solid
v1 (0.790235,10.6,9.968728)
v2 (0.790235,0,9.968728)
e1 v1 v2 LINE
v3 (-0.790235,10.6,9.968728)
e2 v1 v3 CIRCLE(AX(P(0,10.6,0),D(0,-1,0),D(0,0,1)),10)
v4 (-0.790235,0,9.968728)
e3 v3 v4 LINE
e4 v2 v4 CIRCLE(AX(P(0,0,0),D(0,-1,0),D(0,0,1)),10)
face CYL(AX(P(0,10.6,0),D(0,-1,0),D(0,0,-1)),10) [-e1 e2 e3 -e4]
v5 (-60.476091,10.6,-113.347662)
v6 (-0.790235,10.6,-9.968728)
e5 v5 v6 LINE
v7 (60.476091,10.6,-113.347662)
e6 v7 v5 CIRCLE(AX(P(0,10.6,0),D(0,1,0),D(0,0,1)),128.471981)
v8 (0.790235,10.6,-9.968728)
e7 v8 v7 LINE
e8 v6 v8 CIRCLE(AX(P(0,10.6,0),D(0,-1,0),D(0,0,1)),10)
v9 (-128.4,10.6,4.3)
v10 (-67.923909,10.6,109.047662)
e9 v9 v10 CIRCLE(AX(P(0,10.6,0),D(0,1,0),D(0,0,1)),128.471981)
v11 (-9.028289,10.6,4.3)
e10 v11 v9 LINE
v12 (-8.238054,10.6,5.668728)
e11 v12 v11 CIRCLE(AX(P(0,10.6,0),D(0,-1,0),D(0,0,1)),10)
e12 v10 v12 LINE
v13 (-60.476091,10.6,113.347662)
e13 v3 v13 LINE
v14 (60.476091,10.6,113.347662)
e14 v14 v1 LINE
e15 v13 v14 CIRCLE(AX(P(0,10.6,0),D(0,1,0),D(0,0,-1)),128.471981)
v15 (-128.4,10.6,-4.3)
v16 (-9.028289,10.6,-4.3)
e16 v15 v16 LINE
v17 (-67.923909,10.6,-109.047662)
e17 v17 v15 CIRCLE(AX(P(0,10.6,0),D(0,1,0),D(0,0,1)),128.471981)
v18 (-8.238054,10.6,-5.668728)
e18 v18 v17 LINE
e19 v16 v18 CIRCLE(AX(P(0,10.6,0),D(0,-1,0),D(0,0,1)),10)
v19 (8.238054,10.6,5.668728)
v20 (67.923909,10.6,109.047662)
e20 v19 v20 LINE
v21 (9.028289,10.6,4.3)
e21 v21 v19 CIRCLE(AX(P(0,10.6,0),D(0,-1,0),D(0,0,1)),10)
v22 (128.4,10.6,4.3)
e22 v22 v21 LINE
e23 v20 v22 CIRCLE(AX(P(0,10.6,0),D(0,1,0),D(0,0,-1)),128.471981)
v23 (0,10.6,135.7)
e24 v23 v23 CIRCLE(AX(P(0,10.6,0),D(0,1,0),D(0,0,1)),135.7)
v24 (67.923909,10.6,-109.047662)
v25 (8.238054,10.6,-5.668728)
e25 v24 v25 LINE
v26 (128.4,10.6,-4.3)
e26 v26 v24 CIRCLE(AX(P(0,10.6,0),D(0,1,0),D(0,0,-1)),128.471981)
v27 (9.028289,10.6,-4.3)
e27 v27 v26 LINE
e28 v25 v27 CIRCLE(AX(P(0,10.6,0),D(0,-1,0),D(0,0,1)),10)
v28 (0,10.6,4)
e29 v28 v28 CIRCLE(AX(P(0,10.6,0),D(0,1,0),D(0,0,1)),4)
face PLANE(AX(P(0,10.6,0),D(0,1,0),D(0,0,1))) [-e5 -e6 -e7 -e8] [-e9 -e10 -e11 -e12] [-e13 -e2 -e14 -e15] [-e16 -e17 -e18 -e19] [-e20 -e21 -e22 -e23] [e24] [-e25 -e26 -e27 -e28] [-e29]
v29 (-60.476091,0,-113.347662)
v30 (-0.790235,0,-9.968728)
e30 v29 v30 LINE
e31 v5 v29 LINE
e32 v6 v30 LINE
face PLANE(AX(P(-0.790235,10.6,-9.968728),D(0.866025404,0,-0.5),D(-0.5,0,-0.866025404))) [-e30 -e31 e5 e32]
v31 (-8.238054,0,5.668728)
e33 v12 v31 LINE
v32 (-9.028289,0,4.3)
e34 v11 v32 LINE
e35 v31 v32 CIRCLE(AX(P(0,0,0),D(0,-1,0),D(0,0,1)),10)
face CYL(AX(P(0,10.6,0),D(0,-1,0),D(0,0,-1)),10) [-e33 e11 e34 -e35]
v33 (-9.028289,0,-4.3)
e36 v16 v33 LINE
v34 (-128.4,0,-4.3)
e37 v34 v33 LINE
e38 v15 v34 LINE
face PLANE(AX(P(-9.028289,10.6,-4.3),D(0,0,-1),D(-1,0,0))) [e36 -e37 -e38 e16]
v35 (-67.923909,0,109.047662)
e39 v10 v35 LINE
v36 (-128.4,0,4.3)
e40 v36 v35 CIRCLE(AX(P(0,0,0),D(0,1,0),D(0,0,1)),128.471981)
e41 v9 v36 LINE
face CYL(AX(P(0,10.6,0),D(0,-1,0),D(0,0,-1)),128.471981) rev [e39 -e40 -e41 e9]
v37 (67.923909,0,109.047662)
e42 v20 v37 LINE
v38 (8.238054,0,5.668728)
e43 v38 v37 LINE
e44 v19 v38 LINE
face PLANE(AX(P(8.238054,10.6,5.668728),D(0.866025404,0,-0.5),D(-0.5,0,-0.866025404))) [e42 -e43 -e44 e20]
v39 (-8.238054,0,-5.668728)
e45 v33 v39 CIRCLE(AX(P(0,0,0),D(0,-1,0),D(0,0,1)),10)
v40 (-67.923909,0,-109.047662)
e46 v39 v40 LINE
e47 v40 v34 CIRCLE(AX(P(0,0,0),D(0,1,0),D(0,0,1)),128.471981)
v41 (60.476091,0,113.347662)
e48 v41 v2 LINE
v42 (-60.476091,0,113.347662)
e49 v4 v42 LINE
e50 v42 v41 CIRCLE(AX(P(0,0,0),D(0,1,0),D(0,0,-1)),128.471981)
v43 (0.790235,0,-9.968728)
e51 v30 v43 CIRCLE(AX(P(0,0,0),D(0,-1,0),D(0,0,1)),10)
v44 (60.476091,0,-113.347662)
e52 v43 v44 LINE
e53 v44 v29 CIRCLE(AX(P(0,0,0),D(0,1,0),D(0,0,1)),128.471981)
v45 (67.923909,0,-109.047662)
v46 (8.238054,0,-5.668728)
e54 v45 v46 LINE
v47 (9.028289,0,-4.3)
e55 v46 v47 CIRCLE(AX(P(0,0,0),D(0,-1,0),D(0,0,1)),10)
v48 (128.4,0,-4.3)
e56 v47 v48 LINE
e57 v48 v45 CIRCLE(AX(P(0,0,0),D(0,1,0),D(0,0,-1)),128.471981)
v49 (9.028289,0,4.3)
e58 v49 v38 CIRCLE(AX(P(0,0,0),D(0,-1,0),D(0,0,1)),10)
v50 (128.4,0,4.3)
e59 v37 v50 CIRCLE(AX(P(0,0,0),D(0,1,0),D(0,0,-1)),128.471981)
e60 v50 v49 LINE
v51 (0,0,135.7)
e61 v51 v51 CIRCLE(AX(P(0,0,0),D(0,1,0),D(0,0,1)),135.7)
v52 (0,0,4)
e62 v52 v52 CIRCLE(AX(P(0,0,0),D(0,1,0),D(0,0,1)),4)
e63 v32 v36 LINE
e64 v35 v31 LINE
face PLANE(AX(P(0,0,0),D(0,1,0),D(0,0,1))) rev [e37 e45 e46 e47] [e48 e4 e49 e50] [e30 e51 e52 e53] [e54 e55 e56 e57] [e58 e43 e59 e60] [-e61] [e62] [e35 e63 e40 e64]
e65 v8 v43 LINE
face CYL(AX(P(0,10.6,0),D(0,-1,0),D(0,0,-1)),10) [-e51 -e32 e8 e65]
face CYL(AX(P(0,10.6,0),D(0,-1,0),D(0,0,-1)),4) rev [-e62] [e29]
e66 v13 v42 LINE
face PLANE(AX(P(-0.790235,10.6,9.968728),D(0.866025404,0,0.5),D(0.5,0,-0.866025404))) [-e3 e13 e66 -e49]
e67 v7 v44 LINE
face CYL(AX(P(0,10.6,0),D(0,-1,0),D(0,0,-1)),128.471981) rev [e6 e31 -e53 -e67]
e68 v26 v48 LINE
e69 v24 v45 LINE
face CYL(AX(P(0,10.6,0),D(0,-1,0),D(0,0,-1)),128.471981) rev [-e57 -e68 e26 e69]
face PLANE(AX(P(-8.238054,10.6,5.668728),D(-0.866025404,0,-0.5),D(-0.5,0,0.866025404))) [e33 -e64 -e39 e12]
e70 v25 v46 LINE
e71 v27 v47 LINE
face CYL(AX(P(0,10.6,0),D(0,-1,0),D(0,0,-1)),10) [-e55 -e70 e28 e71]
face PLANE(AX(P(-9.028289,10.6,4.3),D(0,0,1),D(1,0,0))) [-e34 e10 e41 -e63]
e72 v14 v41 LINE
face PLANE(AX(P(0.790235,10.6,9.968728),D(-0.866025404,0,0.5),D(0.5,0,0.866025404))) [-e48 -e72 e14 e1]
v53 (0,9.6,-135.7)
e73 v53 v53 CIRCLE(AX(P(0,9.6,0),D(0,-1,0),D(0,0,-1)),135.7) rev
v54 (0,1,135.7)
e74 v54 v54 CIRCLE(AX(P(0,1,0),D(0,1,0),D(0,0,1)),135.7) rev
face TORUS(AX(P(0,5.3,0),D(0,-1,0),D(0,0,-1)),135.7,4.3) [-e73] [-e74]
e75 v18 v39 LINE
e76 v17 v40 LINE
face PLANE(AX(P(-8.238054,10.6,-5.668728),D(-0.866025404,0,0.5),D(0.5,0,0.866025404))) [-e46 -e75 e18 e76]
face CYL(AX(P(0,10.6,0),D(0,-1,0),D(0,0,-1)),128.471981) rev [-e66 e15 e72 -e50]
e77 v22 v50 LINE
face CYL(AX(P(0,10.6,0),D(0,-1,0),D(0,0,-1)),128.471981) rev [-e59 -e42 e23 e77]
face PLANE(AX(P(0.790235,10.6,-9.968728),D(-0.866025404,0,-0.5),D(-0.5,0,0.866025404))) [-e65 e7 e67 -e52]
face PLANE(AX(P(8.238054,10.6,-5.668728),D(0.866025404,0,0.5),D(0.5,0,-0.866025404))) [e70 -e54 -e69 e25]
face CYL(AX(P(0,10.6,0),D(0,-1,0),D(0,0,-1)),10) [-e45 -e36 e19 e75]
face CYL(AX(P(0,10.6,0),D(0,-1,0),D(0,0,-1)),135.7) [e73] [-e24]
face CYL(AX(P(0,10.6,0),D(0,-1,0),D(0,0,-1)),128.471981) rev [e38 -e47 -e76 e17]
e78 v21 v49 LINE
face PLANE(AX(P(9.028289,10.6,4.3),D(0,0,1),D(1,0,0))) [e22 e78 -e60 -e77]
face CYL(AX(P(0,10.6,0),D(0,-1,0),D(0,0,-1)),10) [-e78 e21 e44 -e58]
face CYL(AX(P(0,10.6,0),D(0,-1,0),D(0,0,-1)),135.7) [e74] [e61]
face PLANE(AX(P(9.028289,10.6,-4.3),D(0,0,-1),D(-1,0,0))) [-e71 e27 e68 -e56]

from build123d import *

# Parameters (mm, degrees)
SKETCH1_R           = 135.7
SKETCH1_R_2         = 4
BOSS_EXTRUDE1_DEPTH = 10.6
SKETCH3_R           = 4.3
SKETCH5_R           = 4.3


with BuildPart() as part:
    # Sketch1 → Boss-Extrude1 (new body)
    with BuildSketch(Plane(origin=(0, 0, 0), x_dir=(1, 0, 0), z_dir=(0, 1, 0))):
        with Locations(Location((0, 0, 0), (0, 0, 270))):
            Circle(SKETCH1_R)
        with Locations(Location((0, 0, 0), (0, 0, 270))):
            Circle(SKETCH1_R_2, mode=Mode.SUBTRACT)
        with BuildLine():
            Line((-9.028288874, 4.3), (-128.4, 4.3))
            ThreePointArc((-128.4, 4.3), (-111.259999551, 64.235990691), (-67.923909236, 109.047661846))
            Line((-67.923909236, 109.047661846), (-8.238053673, 5.668727518))
            ThreePointArc((-8.238053673, 5.668727518), (-8.660254038, 5), (-9.028288874, 4.3))
        make_face(mode=Mode.SUBTRACT)
        with BuildLine():
            Line((-9.028288874, -4.3), (-128.4, -4.3))
            ThreePointArc((-128.4, -4.3), (-111.259999551, -64.235990691), (-67.923909236, -109.047661846))
            Line((-67.923909236, -109.047661846), (-8.238053673, -5.668727518))
            ThreePointArc((-8.238053673, -5.668727518), (-8.660254038, -5), (-9.028288874, -4.3))
        make_face(mode=Mode.SUBTRACT)
        with BuildLine():
            Line((-0.790235201, 9.968727518), (-60.476090764, 113.347661846))
            ThreePointArc((-60.476090764, 113.347661846), (0, 128.471981381), (60.476090764, 113.347661846))
            Line((60.476090764, 113.347661846), (0.790235201, 9.968727518))
            ThreePointArc((0.790235201, 9.968727518), (0, 10), (-0.790235201, 9.968727518))
        make_face(mode=Mode.SUBTRACT)
        with BuildLine():
            Line((8.238053673, 5.668727518), (67.923909236, 109.047661846))
            ThreePointArc((67.923909236, 109.047661846), (111.259999551, 64.235990691), (128.4, 4.3))
            Line((128.4, 4.3), (9.028288874, 4.3))
            ThreePointArc((9.028288874, 4.3), (8.660254038, 5), (8.238053673, 5.668727518))
        make_face(mode=Mode.SUBTRACT)
        with BuildLine():
            Line((9.028288874, -4.3), (128.4, -4.3))
            ThreePointArc((128.4, -4.3), (111.259999551, -64.235990691), (67.923909236, -109.047661846))
            Line((67.923909236, -109.047661846), (8.238053673, -5.668727518))
            ThreePointArc((8.238053673, -5.668727518), (8.660254038, -5), (9.028288874, -4.3))
        make_face(mode=Mode.SUBTRACT)
        with BuildLine():
            Line((0.790235201, -9.968727518), (60.476090764, -113.347661846))
            ThreePointArc((60.476090764, -113.347661846), (0, -128.471981381), (-60.476090764, -113.347661846))
            Line((-60.476090764, -113.347661846), (-0.790235201, -9.968727518))
            ThreePointArc((-0.790235201, -9.968727518), (0, -10), (0.790235201, -9.968727518))
        make_face(mode=Mode.SUBTRACT)
    extrude(amount=BOSS_EXTRUDE1_DEPTH)

    # Sketch3 → Cut-Revolve1 (revolve, cut)
    with BuildSketch(Plane.XY, mode=Mode.PRIVATE) as cut_revolve1_sk:
        with Locations((135.7, 5.3)):
            Circle(SKETCH3_R)
    revolve(cut_revolve1_sk.sketch.rotate(Axis((0, 0, 0), (0, 1, 0)), 90), axis=Axis((0, 0, 0), (0, 1, 0)), mode=Mode.SUBTRACT)

    # Sketch5 → Revolve1 (revolve)
    with BuildSketch(Plane(origin=(0, 0, 0), x_dir=(0, 0, -1), z_dir=(1, 0, 0))):
        with Locations((135.7, 5.3)):
            Circle(SKETCH5_R)
    revolve(axis=Axis((0, 0, 0), (0, 1, 0)))


solid = part.part
